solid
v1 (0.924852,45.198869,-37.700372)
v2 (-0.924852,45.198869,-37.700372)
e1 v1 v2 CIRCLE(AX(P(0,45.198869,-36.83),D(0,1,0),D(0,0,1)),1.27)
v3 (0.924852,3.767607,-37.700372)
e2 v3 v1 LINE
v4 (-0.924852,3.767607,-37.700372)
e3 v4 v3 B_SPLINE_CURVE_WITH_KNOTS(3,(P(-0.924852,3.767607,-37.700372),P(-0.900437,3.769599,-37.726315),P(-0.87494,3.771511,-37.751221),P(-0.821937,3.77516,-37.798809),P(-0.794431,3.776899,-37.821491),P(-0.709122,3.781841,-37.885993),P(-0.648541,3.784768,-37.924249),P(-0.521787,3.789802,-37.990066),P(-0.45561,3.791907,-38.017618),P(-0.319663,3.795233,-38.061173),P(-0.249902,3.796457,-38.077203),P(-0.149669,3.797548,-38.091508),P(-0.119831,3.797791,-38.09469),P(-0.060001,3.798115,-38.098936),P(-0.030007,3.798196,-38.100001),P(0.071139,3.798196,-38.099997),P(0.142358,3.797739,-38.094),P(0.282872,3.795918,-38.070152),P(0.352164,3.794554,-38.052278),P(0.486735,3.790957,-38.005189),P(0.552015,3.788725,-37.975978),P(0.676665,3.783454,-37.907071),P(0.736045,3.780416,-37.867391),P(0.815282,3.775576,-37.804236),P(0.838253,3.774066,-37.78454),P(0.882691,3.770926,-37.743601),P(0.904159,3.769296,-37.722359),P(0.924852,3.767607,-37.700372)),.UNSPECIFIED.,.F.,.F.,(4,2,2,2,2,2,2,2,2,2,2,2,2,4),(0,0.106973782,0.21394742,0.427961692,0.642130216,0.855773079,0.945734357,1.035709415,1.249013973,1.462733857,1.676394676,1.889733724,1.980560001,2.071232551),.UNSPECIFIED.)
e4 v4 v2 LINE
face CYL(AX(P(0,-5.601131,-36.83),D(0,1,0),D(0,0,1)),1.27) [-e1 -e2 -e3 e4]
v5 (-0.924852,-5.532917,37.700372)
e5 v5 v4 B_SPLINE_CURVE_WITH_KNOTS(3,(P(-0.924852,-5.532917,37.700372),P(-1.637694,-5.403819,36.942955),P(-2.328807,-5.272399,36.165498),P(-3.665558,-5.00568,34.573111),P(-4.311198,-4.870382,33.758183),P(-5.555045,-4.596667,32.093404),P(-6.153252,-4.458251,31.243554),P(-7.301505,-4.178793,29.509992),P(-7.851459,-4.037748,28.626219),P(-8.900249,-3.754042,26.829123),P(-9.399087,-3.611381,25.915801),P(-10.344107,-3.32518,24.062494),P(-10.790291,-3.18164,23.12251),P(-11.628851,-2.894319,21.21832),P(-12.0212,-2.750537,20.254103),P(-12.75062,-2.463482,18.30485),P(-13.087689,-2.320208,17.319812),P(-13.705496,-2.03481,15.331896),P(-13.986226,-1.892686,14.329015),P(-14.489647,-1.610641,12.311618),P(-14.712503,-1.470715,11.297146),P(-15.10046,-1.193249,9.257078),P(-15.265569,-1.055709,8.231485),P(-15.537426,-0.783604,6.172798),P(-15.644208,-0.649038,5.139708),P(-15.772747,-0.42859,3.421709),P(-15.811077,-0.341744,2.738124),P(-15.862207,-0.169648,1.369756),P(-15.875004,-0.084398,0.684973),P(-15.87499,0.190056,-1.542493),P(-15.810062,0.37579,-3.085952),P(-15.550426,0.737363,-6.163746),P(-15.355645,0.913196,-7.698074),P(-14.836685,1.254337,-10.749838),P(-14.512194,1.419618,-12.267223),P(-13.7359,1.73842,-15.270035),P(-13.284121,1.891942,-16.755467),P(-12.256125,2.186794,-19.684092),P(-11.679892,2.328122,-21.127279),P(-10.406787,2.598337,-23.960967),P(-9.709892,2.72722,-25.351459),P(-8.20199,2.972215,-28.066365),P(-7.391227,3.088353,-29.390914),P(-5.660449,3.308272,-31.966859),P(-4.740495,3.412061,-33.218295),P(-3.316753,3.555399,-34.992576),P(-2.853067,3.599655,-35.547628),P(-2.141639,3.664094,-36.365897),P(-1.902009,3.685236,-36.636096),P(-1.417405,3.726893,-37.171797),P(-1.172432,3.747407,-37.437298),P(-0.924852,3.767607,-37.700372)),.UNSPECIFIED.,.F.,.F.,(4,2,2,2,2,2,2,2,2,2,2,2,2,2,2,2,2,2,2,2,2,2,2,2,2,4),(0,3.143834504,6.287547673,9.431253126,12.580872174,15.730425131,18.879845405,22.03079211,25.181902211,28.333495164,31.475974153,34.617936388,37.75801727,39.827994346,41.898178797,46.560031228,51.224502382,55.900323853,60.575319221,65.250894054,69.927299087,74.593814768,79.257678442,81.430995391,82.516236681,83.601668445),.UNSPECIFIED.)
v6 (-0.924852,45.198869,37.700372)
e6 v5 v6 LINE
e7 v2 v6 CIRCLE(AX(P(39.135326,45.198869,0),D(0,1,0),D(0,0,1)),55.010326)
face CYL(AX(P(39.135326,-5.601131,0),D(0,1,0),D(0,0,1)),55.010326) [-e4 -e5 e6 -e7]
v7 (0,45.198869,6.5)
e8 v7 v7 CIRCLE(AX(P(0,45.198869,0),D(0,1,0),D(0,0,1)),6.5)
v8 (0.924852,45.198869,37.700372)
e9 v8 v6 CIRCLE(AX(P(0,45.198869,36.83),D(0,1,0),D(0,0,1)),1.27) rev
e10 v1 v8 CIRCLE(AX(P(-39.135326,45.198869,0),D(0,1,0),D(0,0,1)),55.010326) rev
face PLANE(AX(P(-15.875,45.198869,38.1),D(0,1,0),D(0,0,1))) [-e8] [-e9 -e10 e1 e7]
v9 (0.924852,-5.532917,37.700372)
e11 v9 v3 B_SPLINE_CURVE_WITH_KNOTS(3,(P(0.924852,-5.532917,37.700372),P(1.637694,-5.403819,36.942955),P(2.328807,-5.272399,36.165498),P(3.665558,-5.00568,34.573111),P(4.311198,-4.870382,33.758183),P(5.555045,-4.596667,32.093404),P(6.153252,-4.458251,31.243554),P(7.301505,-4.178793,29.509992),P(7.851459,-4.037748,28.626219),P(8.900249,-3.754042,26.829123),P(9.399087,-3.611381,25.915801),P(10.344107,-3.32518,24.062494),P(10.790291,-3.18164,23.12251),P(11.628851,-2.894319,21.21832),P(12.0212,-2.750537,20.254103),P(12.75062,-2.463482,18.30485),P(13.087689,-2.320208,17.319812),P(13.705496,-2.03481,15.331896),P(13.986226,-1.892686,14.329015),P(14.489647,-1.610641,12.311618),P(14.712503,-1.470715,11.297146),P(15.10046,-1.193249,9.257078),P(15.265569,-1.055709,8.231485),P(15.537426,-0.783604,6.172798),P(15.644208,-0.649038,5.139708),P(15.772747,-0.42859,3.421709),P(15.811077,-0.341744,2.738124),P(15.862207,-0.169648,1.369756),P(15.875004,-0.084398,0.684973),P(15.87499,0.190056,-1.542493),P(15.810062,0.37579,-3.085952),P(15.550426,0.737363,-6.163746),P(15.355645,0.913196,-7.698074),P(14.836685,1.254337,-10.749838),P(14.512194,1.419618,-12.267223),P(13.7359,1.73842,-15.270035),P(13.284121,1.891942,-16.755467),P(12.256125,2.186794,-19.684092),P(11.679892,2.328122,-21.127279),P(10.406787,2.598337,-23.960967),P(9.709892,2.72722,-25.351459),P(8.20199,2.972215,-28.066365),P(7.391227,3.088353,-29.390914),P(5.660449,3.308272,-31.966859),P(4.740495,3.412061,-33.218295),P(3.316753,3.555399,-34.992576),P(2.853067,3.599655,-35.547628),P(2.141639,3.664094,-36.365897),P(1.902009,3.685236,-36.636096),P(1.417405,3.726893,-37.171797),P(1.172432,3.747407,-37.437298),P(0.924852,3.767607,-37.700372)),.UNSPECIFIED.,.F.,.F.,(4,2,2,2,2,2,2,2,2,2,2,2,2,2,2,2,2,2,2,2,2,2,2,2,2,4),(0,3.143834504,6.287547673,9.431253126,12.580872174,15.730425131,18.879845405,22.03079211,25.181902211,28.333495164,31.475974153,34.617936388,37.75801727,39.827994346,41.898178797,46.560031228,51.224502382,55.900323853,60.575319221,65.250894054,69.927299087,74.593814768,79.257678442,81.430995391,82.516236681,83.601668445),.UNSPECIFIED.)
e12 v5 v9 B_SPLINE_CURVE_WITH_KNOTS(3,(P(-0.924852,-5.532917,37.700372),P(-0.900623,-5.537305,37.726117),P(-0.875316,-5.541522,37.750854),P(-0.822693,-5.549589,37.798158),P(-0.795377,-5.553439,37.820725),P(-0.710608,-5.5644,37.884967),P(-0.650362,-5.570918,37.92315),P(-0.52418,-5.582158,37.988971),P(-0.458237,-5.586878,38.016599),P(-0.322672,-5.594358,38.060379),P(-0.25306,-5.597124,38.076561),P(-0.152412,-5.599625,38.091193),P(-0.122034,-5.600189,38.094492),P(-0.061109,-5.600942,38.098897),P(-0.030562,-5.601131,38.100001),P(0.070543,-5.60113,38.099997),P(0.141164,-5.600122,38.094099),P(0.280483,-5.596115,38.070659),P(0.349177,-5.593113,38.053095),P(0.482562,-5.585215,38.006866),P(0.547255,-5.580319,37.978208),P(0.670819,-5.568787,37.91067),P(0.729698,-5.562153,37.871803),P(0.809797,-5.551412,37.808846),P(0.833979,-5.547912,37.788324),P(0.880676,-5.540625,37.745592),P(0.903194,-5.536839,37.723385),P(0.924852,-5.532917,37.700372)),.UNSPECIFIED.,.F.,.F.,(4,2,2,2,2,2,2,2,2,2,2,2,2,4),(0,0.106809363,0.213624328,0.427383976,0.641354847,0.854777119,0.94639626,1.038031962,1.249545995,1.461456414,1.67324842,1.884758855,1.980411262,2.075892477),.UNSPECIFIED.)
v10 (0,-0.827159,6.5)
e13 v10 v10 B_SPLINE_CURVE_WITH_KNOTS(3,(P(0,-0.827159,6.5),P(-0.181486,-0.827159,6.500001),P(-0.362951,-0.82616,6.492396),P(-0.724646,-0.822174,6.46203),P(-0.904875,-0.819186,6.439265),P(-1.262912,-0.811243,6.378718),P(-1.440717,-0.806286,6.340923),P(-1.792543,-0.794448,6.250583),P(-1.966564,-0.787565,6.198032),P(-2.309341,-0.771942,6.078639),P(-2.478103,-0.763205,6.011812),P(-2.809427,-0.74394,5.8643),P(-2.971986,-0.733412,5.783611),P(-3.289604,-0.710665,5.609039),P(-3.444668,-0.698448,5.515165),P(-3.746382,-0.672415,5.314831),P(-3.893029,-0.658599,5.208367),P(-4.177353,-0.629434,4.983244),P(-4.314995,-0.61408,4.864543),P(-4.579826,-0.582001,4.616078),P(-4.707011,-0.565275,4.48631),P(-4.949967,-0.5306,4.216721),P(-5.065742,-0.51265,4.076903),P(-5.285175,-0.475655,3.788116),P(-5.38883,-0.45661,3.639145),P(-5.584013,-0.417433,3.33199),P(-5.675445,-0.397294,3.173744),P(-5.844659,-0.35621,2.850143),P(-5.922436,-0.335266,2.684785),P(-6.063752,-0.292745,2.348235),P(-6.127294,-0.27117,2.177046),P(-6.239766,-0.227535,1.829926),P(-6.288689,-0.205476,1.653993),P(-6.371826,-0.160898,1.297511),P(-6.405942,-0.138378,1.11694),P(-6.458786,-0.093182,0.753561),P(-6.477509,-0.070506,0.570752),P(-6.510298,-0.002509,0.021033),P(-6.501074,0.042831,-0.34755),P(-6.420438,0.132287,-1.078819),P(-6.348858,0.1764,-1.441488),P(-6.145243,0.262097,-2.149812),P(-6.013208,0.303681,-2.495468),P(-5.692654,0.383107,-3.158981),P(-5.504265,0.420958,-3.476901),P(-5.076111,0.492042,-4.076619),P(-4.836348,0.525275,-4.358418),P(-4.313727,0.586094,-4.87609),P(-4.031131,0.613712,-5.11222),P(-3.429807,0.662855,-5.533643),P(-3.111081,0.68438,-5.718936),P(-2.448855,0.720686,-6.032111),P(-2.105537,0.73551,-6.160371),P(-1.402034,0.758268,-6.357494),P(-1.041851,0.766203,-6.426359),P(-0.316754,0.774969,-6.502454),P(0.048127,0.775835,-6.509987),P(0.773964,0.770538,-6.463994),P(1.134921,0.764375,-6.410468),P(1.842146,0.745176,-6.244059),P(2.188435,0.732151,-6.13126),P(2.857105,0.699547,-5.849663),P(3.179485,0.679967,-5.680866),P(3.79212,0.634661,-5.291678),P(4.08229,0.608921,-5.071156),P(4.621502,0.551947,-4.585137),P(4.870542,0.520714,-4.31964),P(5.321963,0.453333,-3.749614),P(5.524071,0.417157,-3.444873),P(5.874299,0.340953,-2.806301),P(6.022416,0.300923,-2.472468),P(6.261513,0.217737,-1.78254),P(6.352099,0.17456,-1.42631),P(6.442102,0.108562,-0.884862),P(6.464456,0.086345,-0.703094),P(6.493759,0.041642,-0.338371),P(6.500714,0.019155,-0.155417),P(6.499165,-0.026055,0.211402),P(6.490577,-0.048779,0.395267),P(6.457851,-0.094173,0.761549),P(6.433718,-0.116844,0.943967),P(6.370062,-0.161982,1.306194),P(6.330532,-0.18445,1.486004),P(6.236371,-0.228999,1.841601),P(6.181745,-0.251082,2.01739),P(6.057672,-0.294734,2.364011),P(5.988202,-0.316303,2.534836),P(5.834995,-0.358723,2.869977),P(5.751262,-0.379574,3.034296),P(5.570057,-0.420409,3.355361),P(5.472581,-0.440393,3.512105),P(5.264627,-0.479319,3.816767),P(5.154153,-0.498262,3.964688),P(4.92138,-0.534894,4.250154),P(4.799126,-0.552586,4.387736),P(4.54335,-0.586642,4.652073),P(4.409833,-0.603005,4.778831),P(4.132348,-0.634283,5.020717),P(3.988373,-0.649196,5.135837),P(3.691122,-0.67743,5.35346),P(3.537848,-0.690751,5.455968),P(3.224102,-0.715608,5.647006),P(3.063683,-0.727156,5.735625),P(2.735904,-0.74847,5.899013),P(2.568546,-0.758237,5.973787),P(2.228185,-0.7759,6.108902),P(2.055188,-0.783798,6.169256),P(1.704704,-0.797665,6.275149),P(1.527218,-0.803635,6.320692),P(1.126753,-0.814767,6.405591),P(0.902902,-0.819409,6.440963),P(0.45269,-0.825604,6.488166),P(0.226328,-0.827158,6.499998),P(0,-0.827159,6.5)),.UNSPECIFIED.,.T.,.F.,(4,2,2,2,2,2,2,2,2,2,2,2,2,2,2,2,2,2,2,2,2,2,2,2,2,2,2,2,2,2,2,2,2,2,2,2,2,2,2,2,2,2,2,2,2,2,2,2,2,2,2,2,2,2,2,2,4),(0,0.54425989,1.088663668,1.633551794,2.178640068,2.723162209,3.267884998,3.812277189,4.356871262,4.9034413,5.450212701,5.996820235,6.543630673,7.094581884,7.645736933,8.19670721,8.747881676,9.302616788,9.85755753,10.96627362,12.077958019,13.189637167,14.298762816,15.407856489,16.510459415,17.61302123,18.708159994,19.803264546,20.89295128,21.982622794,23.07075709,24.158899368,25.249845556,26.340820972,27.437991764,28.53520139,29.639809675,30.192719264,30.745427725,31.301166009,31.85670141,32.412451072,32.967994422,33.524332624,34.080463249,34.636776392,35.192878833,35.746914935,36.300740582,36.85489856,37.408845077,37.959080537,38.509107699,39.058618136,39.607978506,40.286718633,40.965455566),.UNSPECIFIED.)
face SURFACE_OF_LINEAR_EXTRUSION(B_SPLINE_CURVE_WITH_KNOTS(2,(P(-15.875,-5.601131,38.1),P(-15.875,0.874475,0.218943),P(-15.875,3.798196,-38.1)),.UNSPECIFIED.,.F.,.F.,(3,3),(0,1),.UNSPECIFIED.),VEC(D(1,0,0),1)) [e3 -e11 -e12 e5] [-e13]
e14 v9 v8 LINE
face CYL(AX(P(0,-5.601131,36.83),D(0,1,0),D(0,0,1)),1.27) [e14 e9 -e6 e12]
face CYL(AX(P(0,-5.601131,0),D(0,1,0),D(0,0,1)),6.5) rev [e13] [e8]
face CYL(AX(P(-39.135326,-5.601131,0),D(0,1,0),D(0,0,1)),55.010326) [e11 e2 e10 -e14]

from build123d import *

# Parameters (mm, degrees)
BOSS_EXTRUDE1_DEPTH = 15.875
SKETCH3_R           = 6.5
CUT_EXTRUDE1_DEPTH  = 51.8000001


with BuildPart() as part:
    # Sketch2 → Boss-Extrude1 (new body, symmetric)
    with BuildSketch(Plane(origin=(0, 0, 0), x_dir=(0, 0, -1), z_dir=(1, 0, 0))):
        with BuildLine():
            Line((-38.1, -5.601130621), (-38.1, 45.198869379))
            Line((-38.1, 45.198869379), (38.1, 45.198869379))
            Line((38.1, 45.198869379), (38.1, 3.798196304))
            add(Edge.make_bspline(
                [(-38.1, -5.601130621), (-0.21894309, 0.874475249), (38.1, 3.798196304)],
                knots=[0, 0, 0, 1, 1, 1], degree=2))
        make_face()
    extrude(amount=BOSS_EXTRUDE1_DEPTH, both=True)

    # Sketch3 → Cut-Extrude1 (cut, through all)
    with BuildSketch(Plane(origin=(0, 45.198869379, 0), x_dir=(1, 0, 0), z_dir=(0, 1, 0))):
        with BuildLine():
            Line((0, -38.1), (15.875, -38.1))
            Line((15.875, -38.1), (15.875, -2.65e-07))
            ThreePointArc((15.875, -2.65e-07), (12.001057449, -20.2782212), (0.924852299, -37.700372463))
            ThreePointArc((0.924852299, -37.700372463), (0.503749428, -37.995820104), (0, -38.1))
        make_face()
        with BuildLine():
            ThreePointArc((0.924852299, 37.700372463), (12.001057547, 20.278220954), (15.875, -2.65e-07))
            Line((15.875, -2.65e-07), (15.875, 38.1))
            Line((15.875, 38.1), (0, 38.1))
            ThreePointArc((0, 38.1), (0.503749428, 37.995820104), (0.924852299, 37.700372463))
        make_face()
        with BuildLine():
            Line((-15.875, -38.1), (0, -38.1))
            ThreePointArc((0, -38.1), (-0.503749428, -37.995820104), (-0.924852299, -37.700372463))
            ThreePointArc((-0.924852299, -37.700372463), (-12.001057487, -20.278221106), (-15.875, -6.3e-08))
            Line((-15.875, -6.3e-08), (-15.875, -38.1))
        make_face()
        with BuildLine():
            ThreePointArc((-0.924852299, 37.700372463), (-0.503749428, 37.995820104), (0, 38.1))
            Line((0, 38.1), (-15.875, 38.1))
            Line((-15.875, 38.1), (-15.875, -6.3e-08))
            ThreePointArc((-15.875, -6.3e-08), (-12.00105751, 20.278221048), (-0.924852299, 37.700372463))
        make_face()
        Circle(SKETCH3_R)
    extrude(amount=-CUT_EXTRUDE1_DEPTH, mode=Mode.SUBTRACT)


solid = part.part
